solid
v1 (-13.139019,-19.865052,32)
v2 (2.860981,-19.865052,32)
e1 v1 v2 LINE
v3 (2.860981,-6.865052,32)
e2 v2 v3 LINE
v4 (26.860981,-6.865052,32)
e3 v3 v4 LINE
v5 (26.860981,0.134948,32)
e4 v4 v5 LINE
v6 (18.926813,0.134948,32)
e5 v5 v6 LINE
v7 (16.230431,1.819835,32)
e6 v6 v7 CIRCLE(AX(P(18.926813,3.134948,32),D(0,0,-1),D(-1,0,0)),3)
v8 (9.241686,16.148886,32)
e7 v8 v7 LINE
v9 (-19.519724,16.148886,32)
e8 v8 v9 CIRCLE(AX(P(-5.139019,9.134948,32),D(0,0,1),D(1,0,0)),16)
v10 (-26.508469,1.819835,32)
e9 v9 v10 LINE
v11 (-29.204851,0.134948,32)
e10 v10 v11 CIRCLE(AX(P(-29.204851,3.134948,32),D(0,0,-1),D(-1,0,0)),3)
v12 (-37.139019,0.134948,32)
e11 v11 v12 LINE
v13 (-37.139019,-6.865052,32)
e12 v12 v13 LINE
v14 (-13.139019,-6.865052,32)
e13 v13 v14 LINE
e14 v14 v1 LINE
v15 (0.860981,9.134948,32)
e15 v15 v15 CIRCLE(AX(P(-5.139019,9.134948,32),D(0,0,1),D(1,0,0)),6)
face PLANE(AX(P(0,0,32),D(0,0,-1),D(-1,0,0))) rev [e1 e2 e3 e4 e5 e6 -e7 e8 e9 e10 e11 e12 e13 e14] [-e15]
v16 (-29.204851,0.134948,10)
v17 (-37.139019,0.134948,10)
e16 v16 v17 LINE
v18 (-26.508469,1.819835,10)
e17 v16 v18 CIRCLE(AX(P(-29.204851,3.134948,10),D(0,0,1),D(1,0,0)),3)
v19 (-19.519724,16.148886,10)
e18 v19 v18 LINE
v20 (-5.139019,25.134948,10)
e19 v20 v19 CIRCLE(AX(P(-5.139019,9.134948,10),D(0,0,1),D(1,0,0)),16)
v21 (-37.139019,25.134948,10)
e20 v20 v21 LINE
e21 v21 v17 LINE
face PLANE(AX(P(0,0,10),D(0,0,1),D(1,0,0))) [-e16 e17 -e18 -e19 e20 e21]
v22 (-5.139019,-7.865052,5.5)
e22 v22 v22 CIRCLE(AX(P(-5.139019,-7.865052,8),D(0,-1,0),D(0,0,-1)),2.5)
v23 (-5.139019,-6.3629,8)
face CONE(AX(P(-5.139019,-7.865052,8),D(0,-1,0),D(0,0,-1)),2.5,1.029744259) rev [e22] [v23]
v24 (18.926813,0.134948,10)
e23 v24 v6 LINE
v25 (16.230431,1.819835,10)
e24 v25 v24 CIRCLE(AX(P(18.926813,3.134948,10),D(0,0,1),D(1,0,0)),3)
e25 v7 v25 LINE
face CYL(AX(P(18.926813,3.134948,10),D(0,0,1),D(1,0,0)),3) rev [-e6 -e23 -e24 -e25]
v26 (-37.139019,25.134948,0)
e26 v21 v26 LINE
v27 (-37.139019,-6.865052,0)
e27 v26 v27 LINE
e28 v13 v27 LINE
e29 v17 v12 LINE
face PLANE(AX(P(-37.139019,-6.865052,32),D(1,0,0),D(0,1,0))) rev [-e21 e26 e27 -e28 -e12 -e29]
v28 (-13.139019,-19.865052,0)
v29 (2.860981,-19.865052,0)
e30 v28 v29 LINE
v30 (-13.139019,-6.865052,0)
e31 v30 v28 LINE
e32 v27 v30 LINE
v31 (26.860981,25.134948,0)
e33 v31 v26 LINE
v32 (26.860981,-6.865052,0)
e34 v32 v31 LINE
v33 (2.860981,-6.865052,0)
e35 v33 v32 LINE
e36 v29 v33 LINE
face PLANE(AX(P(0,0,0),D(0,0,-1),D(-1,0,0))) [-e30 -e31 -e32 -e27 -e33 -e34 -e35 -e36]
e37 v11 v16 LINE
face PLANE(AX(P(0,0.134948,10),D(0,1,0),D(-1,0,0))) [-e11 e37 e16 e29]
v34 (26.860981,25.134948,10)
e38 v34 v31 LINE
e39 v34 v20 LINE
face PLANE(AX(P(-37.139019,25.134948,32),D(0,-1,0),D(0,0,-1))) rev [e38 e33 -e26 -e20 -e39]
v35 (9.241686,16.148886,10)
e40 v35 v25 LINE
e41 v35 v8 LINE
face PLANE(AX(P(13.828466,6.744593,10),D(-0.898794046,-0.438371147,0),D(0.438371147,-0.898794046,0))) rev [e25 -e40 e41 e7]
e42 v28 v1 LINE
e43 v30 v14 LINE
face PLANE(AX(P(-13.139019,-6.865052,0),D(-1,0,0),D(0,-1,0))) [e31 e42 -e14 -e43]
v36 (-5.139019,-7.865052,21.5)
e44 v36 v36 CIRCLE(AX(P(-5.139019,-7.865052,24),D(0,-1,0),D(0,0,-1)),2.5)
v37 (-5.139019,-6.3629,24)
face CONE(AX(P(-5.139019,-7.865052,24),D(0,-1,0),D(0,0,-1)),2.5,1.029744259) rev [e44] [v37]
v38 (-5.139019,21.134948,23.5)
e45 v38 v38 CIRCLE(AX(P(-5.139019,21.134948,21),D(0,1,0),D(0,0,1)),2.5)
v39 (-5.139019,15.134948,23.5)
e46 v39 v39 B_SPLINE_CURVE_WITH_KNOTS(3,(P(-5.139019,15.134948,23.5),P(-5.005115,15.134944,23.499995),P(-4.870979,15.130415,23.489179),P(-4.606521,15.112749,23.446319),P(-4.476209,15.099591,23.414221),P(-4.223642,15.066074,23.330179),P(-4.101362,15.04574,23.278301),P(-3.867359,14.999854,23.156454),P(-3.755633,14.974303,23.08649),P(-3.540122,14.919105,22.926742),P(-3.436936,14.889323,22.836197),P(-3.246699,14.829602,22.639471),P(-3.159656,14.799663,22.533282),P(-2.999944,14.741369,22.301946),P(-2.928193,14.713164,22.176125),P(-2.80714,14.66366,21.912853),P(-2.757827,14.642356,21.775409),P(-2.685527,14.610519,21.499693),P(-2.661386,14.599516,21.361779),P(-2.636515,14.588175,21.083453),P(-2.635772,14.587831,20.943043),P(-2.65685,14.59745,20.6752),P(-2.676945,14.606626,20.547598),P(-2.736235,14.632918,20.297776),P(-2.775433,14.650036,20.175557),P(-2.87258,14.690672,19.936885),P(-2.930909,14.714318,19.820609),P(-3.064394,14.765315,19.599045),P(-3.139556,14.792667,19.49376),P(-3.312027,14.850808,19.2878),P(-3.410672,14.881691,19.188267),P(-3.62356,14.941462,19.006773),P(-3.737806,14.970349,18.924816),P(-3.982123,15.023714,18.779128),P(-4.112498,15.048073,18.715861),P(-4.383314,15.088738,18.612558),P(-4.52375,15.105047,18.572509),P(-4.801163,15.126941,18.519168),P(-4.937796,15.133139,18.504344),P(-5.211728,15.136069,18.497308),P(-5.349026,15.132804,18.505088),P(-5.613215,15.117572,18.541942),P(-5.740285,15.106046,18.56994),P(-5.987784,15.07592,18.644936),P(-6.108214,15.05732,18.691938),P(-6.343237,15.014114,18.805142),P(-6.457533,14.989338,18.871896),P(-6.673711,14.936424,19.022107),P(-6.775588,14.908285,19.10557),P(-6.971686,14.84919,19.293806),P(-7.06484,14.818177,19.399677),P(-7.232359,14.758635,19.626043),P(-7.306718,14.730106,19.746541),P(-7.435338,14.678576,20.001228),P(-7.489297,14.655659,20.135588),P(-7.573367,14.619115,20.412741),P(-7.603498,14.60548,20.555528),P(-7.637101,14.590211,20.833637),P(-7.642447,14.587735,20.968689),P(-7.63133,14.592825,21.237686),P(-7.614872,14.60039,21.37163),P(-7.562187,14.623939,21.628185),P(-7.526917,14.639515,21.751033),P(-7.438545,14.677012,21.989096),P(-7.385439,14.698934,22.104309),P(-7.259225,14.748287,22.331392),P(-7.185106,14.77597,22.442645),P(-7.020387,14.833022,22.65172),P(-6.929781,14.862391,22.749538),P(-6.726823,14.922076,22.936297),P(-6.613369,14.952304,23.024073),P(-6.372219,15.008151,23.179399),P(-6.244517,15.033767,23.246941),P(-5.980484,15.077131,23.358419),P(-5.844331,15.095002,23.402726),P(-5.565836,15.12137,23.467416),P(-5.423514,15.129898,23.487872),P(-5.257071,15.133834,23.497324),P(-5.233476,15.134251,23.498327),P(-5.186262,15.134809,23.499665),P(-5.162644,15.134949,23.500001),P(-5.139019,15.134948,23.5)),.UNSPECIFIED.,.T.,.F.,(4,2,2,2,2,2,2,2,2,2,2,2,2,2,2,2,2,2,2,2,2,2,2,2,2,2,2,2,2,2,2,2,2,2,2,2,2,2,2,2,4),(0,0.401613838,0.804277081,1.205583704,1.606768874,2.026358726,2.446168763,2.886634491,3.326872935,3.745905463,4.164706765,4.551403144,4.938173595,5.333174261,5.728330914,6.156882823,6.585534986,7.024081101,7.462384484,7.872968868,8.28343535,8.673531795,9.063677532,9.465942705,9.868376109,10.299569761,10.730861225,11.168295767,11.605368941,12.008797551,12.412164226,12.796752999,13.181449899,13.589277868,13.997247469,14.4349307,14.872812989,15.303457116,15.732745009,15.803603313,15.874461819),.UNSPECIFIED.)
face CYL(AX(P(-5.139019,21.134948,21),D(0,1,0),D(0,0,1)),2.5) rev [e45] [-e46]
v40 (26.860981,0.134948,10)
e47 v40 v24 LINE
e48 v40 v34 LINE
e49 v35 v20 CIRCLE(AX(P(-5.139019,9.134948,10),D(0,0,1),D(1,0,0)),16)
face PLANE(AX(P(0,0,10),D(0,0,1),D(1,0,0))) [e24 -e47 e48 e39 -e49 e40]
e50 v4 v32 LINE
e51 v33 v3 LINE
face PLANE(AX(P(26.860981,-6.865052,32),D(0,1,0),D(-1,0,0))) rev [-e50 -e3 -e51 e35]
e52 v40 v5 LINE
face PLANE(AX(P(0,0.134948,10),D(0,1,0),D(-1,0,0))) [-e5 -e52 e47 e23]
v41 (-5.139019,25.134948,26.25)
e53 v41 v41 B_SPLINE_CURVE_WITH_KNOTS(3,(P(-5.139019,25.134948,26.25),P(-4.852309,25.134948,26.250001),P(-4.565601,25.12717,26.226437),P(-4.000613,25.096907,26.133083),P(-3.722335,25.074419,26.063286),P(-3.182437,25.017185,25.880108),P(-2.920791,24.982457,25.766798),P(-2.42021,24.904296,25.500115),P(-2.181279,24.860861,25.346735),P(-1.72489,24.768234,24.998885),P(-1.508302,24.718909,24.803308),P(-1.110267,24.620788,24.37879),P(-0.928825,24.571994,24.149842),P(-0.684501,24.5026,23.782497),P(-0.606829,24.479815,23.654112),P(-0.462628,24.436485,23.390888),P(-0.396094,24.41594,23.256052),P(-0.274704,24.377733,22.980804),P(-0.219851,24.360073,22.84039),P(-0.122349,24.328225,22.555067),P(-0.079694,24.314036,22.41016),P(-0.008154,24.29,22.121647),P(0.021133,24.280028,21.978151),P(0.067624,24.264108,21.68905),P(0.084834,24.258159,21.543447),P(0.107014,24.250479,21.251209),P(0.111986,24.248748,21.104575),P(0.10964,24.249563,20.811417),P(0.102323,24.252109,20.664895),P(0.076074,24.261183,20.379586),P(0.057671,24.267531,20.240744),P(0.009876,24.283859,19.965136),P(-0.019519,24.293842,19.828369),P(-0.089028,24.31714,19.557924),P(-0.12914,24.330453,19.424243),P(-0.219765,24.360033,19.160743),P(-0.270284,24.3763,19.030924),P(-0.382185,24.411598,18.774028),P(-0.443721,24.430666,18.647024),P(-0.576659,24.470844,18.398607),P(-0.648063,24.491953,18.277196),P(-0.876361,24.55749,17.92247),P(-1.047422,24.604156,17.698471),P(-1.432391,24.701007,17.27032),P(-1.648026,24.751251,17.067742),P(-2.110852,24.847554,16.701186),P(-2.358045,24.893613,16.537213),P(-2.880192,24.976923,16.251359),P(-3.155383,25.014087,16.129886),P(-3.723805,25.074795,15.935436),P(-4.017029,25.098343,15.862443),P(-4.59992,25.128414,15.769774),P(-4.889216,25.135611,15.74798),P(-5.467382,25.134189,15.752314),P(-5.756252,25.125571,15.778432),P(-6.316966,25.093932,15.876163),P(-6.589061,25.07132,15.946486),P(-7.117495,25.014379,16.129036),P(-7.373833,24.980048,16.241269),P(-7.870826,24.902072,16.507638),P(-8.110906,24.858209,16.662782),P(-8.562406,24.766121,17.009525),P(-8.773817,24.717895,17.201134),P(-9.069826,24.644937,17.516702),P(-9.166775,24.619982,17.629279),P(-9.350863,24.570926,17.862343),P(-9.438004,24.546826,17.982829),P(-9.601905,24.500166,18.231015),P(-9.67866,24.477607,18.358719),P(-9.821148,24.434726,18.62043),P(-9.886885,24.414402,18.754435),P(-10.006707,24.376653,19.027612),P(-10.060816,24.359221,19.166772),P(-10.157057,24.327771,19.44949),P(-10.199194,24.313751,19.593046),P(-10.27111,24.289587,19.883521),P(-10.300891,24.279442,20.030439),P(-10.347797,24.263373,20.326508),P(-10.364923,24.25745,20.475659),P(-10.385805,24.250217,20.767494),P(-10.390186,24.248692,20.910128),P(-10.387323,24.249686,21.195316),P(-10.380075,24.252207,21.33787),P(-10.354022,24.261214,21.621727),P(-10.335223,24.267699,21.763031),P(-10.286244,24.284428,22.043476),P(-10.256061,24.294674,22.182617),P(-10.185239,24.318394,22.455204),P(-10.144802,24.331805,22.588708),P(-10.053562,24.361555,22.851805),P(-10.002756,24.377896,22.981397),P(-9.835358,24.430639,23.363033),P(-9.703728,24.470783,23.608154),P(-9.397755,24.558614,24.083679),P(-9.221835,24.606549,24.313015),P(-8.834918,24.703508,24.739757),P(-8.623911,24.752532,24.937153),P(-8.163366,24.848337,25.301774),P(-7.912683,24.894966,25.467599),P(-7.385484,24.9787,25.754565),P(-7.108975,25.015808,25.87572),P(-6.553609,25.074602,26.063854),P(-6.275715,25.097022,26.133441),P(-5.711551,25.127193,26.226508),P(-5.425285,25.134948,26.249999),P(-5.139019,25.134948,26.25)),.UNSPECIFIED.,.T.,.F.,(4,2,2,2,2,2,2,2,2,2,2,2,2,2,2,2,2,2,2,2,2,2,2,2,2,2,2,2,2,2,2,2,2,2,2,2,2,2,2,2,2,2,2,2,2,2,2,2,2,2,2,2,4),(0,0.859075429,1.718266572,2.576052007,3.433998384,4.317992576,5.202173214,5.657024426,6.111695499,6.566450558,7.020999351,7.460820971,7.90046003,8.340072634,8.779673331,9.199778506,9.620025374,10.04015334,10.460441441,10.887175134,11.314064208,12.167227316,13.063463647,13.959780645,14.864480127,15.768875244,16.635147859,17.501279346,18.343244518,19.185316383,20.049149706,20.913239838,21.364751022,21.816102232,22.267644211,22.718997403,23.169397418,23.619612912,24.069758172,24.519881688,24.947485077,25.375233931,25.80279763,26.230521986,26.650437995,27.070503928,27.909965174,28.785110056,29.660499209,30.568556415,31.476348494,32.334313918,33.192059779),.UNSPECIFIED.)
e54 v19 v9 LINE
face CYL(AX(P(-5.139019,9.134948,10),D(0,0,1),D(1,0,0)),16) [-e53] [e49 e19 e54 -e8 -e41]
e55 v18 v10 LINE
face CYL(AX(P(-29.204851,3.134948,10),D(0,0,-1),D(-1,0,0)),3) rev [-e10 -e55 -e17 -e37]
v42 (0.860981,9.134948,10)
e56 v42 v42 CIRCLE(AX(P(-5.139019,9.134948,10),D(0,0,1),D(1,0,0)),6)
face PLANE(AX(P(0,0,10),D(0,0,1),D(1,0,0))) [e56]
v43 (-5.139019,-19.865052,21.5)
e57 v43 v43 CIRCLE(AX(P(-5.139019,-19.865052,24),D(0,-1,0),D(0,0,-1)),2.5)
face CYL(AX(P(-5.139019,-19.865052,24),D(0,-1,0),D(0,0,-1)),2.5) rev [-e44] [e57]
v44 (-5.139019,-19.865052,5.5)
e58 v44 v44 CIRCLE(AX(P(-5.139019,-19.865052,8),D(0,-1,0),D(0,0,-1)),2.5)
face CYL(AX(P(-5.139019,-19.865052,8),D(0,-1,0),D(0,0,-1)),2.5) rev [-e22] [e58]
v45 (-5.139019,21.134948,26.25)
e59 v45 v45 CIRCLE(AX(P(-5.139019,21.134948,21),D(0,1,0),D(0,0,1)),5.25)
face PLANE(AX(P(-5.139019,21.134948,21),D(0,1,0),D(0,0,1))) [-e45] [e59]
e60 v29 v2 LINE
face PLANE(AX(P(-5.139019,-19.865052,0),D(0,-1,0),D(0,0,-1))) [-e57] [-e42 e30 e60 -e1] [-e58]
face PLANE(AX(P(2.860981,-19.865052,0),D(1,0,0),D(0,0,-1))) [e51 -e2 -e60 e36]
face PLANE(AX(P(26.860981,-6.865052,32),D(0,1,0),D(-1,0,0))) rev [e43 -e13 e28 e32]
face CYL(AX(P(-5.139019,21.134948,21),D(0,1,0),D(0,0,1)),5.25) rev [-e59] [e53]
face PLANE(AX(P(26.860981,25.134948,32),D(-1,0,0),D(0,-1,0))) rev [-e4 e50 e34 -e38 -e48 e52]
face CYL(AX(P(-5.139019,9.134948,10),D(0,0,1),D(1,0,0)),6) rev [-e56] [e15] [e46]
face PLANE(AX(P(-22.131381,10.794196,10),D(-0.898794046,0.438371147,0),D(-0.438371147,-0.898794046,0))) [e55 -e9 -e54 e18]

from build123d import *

# Parameters (mm, degrees)
IZIM1_W                     = 64
IZIM1_H                     = 32
Y_KSEKLIK_EKSTR_ZYON1_DEPTH = 32
Y_KSEKLIK_EKSTR_ZYON3_DEPTH = 32
IZIM3_R                     = 6
KES_EKSTR_ZYON3_DEPTH       = 22
KES_EKSTR_ZYON4_DEPTH       = 22
RADYUS1_R                   = 3
IZIM6_R                     = 5.25
KES_EKSTR_ZYON5_DEPTH       = 4
M6X1_0_DI_LI_DELIK1_REACH   = 58.089
M6X1_0_DI_LI_DELIK1_BORE_R  = 2.5
M6X1_0_DI_LI_DELIK2_D       = 5
M6X1_0_DI_LI_DELIK2_DEPTH   = 12
M6X1_0_DI_LI_DELIK2_TIP     = 1.502151548


with BuildPart() as part:
    # Çizim1 → Yükseklik-Ekstrüzyon1 (new body)
    with BuildSketch(Plane.XY):
        with Locations((-5.139018929, 9.134948097)):
            Rectangle(IZIM1_W, IZIM1_H)
    extrude(amount=Y_KSEKLIK_EKSTR_ZYON1_DEPTH)

    # Çizim2 → Yükseklik-Ekstrüzyon3 (add)
    with BuildSketch(Plane.XY.offset(32)):
        Polygon((-5.139018929, -19.865051903), (2.860981071, -19.865051903), (2.860981071, -6.865051903), (-5.139018929, -6.865051903), (-13.139018929, -6.865051903), (-13.139018929, -19.865051903), align=None)
    extrude(amount=-Y_KSEKLIK_EKSTR_ZYON3_DEPTH)

    # Çizim3 → Kes-Ekstrüzyon3 (cut)
    with BuildSketch(Plane.XY.offset(32)):
        with Locations((-5.139018929, 9.134948097)):
            Circle(IZIM3_R)
    extrude(amount=-KES_EKSTR_ZYON3_DEPTH, mode=Mode.SUBTRACT)

    # Çizim5 → Kes-Ekstrüzyon4 (cut)
    with BuildSketch(Plane.XY.offset(32)):
        with BuildLine():
            ThreePointArc((-19.51972367, 16.148886446), (-13.617727108, 22.703717666), (-5.139018815, 25.134948097))
            Line((-5.139018815, 25.134948097), (-37.139018929, 25.134948097))
            Line((-37.139018929, 25.134948097), (-37.139018929, 0.134948097))
            Line((-37.139018929, 0.134948097), (-27.330243274, 0.134948097))
            Line((-27.330243274, 0.134948097), (-19.51972367, 16.148886446))
        make_face()
        with BuildLine():
            ThreePointArc((-5.139018815, 25.134948097), (3.339689347, 22.703717605), (9.241685811, 16.148886446))
            Line((9.241685811, 16.148886446), (17.052205415, 0.134948097))
            Line((17.052205415, 0.134948097), (26.860981071, 0.134948097))
            Line((26.860981071, 0.134948097), (26.860981071, 25.134948097))
            Line((26.860981071, 25.134948097), (-5.139018815, 25.134948097))
        make_face()
    extrude(amount=-KES_EKSTR_ZYON4_DEPTH, mode=Mode.SUBTRACT)

    # Radyus1
    radyus1_edges = [part.edges().sort_by_distance(p)[0] for p in [
        (-27.330243274, 0.134948097, 21),
        (17.052205415, 0.134948097, 21),
    ]]
    fillet(radyus1_edges, radius=RADYUS1_R)

    # Çizim6 → Kes-Ekstrüzyon5 (cut)
    with BuildSketch(Plane(origin=(0, 25.134948097, 0), x_dir=(1, 0, 0), z_dir=(0, 1, 0))):
        with Locations(Location((-5.139018929, -21, 0), (0, 0, 270))):
            Circle(IZIM6_R)
    extrude(amount=-KES_EKSTR_ZYON5_DEPTH, mode=Mode.SUBTRACT)

    # M6x1.0 Dişli Delik1 bore (on position points) → M6x1.0 Dişli Delik1 (cut, up to next)
    with BuildSketch(Plane(origin=(-5.139018929, 21.134948097, 21), x_dir=(0, 0, 1), z_dir=(0, 1, 0)), mode=Mode.PRIVATE) as m6x1_0_di_li_delik1_sk1:
        Circle(M6X1_0_DI_LI_DELIK1_BORE_R)
    m6x1_0_di_li_delik1_tool1 = extrude(m6x1_0_di_li_delik1_sk1.sketch, amount=-M6X1_0_DI_LI_DELIK1_REACH, mode=Mode.PRIVATE) & part.part
    add(m6x1_0_di_li_delik1_tool1.solids().sort_by_distance((-5.139019, 21.134948, 21))[0], mode=Mode.SUBTRACT)

    # M6x1.0 Dişli Delik2
    with Locations(Plane(origin=(-5.139018929, -19.865051903, 24), x_dir=(0, 0, -1), z_dir=(0, -1, 0))):
        with Locations((0, 0), (16, 0)):
            Hole(M6X1_0_DI_LI_DELIK2_D / 2, depth=M6X1_0_DI_LI_DELIK2_DEPTH)
            with Locations((0, 0, -(M6X1_0_DI_LI_DELIK2_DEPTH + M6X1_0_DI_LI_DELIK2_TIP / 2))):  # 118° drill point
                Cone(0, M6X1_0_DI_LI_DELIK2_D / 2, M6X1_0_DI_LI_DELIK2_TIP, mode=Mode.SUBTRACT)


solid = part.part
